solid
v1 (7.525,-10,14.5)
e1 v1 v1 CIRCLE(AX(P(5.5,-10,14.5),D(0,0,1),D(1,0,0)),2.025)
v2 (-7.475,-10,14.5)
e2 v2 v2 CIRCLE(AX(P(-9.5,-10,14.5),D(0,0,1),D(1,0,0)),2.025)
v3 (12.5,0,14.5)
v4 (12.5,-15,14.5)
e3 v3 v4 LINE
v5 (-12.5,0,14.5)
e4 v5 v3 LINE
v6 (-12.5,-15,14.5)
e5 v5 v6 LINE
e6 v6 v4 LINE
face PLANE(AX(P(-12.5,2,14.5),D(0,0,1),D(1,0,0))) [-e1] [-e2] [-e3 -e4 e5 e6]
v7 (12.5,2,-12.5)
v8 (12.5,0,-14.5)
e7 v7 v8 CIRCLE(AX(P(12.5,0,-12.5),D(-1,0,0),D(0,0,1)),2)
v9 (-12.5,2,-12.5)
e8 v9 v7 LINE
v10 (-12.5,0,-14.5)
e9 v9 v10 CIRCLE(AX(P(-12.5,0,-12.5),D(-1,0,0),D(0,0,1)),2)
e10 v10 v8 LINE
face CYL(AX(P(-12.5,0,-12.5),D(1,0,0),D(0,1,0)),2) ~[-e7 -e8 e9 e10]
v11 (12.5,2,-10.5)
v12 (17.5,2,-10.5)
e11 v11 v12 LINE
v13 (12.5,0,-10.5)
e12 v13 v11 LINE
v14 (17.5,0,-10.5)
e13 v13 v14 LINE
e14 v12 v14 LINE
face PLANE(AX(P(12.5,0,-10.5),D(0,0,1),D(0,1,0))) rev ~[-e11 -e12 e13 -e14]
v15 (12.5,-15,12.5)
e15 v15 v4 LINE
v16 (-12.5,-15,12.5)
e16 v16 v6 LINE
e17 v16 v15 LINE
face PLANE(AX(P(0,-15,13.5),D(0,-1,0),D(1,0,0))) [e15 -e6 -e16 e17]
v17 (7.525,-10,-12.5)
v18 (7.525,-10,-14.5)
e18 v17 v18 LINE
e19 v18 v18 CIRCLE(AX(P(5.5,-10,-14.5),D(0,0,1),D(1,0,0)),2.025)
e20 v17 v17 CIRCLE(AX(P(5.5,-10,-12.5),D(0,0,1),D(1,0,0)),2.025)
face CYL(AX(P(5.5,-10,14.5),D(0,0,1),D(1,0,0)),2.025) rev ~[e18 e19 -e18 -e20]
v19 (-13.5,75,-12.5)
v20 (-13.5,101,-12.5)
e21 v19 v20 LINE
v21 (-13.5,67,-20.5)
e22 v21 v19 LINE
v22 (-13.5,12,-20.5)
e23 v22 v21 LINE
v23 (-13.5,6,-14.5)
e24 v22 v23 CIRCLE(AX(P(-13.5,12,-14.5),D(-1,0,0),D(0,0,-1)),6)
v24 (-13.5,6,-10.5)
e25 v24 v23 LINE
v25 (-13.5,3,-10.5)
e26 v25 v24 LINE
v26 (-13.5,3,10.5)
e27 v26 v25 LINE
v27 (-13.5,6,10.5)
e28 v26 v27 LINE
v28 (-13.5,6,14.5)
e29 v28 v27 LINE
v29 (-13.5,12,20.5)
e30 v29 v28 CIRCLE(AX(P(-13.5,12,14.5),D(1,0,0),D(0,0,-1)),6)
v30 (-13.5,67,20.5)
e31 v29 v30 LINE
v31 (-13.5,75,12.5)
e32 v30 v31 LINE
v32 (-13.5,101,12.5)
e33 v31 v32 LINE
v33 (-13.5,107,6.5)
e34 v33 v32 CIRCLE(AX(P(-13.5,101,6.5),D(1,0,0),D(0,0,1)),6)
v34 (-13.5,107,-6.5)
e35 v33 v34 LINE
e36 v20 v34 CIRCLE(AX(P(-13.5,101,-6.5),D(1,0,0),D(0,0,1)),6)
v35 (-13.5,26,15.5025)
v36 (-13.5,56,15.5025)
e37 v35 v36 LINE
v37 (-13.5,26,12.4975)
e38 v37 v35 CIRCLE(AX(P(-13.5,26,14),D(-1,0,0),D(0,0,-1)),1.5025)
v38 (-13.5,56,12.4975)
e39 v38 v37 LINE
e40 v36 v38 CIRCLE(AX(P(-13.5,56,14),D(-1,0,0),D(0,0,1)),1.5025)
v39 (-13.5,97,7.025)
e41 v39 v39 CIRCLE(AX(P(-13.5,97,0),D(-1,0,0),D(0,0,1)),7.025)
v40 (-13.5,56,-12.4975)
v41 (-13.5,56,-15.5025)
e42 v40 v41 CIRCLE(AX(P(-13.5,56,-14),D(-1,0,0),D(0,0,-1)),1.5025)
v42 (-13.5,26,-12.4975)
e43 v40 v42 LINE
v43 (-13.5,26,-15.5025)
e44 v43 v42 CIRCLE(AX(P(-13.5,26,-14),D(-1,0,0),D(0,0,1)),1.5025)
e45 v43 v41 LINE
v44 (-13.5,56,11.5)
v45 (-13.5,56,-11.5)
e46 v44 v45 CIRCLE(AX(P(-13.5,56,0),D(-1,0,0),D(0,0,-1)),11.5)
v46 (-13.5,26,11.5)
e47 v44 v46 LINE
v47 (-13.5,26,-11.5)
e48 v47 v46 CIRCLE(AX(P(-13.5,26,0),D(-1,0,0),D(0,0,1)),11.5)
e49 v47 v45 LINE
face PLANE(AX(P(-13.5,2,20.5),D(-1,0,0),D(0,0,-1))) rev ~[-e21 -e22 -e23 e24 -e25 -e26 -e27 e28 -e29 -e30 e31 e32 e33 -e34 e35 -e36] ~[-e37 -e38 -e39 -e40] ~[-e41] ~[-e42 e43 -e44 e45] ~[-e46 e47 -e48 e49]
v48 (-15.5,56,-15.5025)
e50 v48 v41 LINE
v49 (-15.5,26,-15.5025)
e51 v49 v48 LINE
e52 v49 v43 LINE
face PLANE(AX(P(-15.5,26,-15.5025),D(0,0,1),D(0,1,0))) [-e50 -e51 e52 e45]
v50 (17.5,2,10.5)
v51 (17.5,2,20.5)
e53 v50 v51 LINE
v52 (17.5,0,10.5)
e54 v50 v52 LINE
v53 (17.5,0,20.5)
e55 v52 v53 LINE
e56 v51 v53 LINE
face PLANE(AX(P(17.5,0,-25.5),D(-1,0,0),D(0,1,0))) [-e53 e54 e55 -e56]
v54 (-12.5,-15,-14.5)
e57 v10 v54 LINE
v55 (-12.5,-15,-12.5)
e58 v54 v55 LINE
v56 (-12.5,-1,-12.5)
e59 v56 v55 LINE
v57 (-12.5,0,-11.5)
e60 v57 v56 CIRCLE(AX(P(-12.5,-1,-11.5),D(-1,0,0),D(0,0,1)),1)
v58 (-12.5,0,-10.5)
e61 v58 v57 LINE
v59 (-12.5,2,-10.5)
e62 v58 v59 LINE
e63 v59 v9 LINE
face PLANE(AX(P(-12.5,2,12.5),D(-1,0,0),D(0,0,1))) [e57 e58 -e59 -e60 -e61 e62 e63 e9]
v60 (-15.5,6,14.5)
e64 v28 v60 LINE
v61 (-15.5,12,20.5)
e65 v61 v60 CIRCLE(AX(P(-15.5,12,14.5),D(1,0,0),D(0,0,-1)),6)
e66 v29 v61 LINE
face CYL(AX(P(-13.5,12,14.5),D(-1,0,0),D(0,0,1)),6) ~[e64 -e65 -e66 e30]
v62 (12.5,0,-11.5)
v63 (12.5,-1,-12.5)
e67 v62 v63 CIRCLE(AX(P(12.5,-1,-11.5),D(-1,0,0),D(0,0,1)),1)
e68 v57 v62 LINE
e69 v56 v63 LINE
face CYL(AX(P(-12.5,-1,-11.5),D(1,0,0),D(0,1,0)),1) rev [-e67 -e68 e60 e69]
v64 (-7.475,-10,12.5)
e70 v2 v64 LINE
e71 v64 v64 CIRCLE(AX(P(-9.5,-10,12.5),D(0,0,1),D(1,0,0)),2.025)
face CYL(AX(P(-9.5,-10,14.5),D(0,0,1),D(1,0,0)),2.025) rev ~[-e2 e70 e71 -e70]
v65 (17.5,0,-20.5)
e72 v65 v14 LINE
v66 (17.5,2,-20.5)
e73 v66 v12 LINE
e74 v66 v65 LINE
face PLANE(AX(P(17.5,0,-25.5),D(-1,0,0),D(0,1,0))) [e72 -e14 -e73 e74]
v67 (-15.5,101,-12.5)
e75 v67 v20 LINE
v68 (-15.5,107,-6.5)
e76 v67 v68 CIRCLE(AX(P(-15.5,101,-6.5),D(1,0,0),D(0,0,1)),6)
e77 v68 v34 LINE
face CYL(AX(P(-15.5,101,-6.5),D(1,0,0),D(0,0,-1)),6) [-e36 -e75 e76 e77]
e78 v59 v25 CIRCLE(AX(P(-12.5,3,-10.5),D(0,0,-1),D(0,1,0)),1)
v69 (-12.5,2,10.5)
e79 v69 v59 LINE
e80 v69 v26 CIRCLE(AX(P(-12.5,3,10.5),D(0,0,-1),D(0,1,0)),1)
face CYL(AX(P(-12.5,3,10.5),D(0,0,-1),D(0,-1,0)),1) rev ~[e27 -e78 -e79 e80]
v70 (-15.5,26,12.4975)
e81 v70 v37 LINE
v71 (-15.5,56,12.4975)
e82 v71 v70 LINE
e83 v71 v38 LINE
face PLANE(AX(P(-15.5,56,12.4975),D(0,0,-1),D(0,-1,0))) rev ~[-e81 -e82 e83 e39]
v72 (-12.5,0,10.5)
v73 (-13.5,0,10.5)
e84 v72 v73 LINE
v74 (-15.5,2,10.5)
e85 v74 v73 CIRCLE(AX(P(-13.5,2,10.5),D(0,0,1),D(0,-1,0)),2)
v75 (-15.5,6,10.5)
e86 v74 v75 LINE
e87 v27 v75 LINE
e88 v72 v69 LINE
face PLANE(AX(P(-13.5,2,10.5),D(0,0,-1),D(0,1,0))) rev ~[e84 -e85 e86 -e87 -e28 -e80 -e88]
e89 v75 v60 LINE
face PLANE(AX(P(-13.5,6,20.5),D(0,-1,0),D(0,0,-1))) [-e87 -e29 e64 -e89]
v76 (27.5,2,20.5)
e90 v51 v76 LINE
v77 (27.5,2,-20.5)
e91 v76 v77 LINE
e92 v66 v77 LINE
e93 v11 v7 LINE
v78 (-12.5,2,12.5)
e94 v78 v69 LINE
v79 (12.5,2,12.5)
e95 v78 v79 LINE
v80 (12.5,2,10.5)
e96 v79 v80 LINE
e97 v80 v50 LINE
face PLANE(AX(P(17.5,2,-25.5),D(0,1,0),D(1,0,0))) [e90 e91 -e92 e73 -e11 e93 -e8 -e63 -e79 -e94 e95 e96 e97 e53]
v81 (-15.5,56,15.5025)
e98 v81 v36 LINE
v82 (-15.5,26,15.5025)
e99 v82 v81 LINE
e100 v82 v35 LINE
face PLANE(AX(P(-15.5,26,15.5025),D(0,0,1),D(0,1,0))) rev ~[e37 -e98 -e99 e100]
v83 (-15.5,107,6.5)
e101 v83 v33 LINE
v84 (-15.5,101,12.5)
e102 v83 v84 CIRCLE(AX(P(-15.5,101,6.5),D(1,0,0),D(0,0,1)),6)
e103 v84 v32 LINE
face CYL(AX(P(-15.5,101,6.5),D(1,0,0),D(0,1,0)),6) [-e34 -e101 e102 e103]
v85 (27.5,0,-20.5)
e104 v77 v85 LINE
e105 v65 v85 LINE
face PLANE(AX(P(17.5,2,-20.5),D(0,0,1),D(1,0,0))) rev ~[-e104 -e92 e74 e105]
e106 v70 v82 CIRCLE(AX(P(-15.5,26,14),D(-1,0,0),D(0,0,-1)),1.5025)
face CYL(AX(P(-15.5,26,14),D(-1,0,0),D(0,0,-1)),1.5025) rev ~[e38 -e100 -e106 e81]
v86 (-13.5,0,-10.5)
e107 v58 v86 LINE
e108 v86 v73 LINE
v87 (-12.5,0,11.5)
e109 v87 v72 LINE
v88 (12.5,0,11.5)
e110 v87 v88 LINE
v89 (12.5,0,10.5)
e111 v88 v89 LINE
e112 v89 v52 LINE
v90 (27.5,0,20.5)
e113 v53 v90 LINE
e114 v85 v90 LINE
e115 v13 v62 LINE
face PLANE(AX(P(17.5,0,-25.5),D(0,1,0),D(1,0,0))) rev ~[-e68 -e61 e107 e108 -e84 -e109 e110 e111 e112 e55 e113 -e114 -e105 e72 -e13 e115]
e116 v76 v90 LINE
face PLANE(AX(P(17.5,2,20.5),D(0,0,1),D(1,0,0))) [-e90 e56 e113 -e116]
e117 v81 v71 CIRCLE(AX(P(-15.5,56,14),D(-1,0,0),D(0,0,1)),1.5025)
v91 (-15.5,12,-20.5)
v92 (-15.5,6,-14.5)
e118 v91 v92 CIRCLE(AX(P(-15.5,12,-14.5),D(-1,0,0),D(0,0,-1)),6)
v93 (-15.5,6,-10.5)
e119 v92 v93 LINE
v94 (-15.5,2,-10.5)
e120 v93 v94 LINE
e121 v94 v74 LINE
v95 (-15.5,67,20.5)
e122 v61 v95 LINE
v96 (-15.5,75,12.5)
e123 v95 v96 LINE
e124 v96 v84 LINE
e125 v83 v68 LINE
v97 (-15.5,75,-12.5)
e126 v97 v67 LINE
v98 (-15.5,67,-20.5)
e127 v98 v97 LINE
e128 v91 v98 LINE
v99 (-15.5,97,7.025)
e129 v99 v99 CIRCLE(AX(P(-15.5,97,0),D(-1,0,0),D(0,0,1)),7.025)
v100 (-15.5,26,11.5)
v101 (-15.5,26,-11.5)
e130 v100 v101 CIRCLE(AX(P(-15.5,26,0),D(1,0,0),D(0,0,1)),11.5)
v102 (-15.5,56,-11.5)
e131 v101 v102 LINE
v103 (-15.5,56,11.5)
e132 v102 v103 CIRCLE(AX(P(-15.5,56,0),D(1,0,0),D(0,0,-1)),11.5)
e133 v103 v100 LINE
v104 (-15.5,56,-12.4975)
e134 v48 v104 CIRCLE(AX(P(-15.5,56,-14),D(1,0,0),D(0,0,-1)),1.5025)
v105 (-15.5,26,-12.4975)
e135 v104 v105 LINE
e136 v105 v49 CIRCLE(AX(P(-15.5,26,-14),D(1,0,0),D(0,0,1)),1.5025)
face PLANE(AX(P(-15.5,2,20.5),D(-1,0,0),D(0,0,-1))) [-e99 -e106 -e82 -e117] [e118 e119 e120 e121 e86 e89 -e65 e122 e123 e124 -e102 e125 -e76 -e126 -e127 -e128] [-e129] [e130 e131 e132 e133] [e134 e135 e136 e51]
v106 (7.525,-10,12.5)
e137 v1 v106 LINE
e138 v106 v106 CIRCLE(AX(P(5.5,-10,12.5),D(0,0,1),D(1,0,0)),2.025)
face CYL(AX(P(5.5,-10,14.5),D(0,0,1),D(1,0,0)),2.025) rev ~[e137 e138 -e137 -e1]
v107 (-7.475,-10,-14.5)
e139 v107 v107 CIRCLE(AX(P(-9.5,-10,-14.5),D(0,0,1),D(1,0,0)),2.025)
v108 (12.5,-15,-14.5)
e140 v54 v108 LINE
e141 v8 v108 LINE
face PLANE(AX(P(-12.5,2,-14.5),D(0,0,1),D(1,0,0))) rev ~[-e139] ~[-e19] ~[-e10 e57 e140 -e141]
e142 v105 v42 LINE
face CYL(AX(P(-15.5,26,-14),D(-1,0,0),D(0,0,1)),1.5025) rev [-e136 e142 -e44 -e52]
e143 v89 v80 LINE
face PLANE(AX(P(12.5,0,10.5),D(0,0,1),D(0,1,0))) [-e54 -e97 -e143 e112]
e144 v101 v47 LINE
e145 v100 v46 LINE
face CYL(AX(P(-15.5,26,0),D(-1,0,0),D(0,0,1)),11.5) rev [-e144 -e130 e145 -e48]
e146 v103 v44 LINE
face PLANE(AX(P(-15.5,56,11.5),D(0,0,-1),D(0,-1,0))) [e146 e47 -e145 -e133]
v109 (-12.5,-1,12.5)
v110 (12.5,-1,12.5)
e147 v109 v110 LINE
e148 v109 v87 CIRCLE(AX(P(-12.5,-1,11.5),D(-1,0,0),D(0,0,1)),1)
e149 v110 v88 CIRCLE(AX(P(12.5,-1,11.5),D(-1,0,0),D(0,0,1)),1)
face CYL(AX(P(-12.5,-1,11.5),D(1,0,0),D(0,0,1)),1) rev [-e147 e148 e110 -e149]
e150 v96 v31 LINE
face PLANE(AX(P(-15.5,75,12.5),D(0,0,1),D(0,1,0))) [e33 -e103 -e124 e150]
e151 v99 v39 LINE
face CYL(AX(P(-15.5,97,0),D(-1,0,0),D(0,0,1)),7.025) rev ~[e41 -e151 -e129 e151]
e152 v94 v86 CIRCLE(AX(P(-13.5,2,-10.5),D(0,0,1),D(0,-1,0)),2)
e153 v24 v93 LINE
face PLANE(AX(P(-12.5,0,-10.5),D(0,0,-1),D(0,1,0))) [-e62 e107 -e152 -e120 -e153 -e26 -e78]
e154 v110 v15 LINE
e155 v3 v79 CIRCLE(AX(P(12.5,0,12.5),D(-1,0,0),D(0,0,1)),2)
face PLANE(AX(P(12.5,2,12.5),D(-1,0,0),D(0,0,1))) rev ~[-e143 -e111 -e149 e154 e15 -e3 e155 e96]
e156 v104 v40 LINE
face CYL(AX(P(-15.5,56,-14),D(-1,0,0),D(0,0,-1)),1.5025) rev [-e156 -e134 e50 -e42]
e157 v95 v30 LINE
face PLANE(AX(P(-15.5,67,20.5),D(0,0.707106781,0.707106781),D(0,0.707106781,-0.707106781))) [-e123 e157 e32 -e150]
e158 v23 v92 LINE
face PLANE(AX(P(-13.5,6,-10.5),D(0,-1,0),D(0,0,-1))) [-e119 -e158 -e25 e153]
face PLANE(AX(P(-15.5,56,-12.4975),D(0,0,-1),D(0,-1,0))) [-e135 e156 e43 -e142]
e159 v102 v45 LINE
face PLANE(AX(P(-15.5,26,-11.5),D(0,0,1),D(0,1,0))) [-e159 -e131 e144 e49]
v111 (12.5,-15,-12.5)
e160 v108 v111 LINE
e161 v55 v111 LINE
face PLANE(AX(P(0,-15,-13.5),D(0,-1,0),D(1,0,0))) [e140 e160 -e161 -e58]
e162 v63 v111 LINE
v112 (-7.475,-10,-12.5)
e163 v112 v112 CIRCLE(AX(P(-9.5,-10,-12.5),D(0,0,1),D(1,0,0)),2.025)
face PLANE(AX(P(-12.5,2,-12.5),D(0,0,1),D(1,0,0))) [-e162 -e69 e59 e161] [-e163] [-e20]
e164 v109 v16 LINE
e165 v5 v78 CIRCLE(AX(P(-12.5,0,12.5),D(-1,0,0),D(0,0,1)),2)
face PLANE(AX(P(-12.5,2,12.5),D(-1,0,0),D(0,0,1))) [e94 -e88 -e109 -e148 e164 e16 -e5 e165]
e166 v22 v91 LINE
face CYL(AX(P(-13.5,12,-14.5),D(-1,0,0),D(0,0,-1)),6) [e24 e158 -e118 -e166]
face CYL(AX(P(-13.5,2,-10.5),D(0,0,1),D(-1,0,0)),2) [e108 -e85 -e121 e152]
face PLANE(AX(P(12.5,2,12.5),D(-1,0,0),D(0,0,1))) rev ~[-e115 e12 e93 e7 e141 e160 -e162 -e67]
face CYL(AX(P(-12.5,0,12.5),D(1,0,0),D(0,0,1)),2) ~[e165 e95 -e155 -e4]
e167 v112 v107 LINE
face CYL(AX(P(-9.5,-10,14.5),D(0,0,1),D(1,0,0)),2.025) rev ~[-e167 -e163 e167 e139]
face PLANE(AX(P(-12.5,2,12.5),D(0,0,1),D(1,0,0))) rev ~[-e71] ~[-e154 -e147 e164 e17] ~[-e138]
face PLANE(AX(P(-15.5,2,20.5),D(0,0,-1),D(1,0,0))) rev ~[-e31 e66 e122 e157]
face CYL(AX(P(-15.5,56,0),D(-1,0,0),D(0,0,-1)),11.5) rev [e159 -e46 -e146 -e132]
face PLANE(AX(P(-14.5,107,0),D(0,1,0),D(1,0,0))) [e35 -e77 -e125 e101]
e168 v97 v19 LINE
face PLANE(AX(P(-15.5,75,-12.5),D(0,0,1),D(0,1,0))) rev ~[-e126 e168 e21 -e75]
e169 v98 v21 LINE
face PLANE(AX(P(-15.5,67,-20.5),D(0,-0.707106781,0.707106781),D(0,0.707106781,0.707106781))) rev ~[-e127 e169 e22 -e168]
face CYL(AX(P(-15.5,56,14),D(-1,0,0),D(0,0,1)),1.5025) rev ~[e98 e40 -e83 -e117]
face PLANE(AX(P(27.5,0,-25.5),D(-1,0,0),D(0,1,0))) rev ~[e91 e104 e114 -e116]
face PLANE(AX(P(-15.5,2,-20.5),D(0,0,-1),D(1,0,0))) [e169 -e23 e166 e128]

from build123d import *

# Parameters (mm, degrees)
SKETCH1_W                = 25
SKETCH1_H                = 25
BOSS_EXTRUDE1_DEPTH      = 2
BOSS_EXTRUDE2_DEPTH      = 15
BOSS_EXTRUDE2_DEPTH_BACK = 2
SKETCH2_W                = 25
SKETCH2_H                = 2
SKETCH3_R                = 2.025
CUT_EXTRUDE1_DEPTH       = 35.960692213
FILLET1_R                = 2
FILLET2_R                = 1
SKETCH4_W                = 21
SKETCH4_H                = 2
BOSS_EXTRUDE3_DEPTH      = 3
SKETCH5_W                = 21
SKETCH5_H                = 2
BOSS_EXTRUDE4_DEPTH      = 15
BOSS_EXTRUDE5_DEPTH      = 15
BOSS_EXTRUDE5_DEPTH_BACK = 36
SKETCH6_W                = 10
SKETCH6_H                = 2
SKETCH7_W                = 2
SKETCH7_H                = 41
BOSS_EXTRUDE6_DEPTH      = 105
SKETCH8_W                = 10
SKETCH8_H                = 4
CUT_EXTRUDE2_DEPTH       = 118.389309564
FILLET3_R                = 1
FILLET4_R                = 2
CUT_EXTRUDE3_DEPTH       = 119.102709537
SKETCH12_R               = 7.025
CUT_EXTRUDE4_DEPTH       = 119.102709537
CUT_EXTRUDE5_DEPTH       = 119.102709537
FILLET7_R                = 6
FILLET8_R                = 6
SKETCH14_W               = 10
SKETCH14_H               = 5
CUT_EXTRUDE6_DEPTH       = 112.496636721


with BuildPart() as part:
    # Sketch1 → Boss-Extrude1 (new body)
    with BuildSketch(Plane(origin=(0, 0, 0), x_dir=(1, 0, 0), z_dir=(0, 1, 0))):
        Rectangle(SKETCH1_W, SKETCH1_H)
    extrude(amount=BOSS_EXTRUDE1_DEPTH)

    # Sketch2 → Boss-Extrude2 (add, two sides: drawn at the far end of the back side and taken through both)
    with BuildSketch(Plane.XZ.offset(-BOSS_EXTRUDE2_DEPTH_BACK)):
        with Locations((0, 13.5)):
            Rectangle(SKETCH2_W, SKETCH2_H)
        with Locations((0, -13.5)):
            Rectangle(SKETCH2_W, SKETCH2_H)
    extrude(amount=BOSS_EXTRUDE2_DEPTH + BOSS_EXTRUDE2_DEPTH_BACK)

    # Sketch3 → Cut-Extrude1 (cut, through all)
    with BuildSketch(Plane.XY.offset(14.5)):
        with Locations((-9.5, -10)):
            Circle(SKETCH3_R)
        with Locations((5.5, -10)):
            Circle(SKETCH3_R)
    extrude(amount=-CUT_EXTRUDE1_DEPTH, mode=Mode.SUBTRACT)

    # Fillet1
    fillet1_edges = [part.edges().sort_by_distance(p)[0] for p in [
        (0, 2, 14.5),
        (0, 2, -14.5),
    ]]
    fillet(fillet1_edges, radius=FILLET1_R)

    # Fillet2
    fillet2_edges = [part.edges().sort_by_distance(p)[0] for p in [
        (0, 0, 12.5),
        (0, 0, -12.5),
    ]]
    fillet(fillet2_edges, radius=FILLET2_R)

    # Sketch4 → Boss-Extrude3 (add)
    with BuildSketch(Plane.ZY.offset(12.5)):
        with Locations((0, 1)):
            Rectangle(SKETCH4_W, SKETCH4_H)
    extrude(amount=BOSS_EXTRUDE3_DEPTH)

    # Sketch5 → Boss-Extrude4 (add)
    with BuildSketch(Plane(origin=(12.5, 0, 0), x_dir=(0, 0, -1), z_dir=(1, 0, 0))):
        with Locations((0, 1)):
            Rectangle(SKETCH5_W, SKETCH5_H)
    extrude(amount=BOSS_EXTRUDE4_DEPTH)

    # Sketch6 → Boss-Extrude5 (add, two sides: drawn at the far end of the back side and taken through both)
    with BuildSketch(Plane.XY.offset(10.5).offset(-BOSS_EXTRUDE5_DEPTH_BACK)):
        with Locations((22.5, 1)):
            Rectangle(SKETCH6_W, SKETCH6_H)
    extrude(amount=BOSS_EXTRUDE5_DEPTH + BOSS_EXTRUDE5_DEPTH_BACK)

    # Sketch7 → Boss-Extrude6 (add)
    with BuildSketch(Plane(origin=(0, 2, 0), x_dir=(1, 0, 0), z_dir=(0, 1, 0))):
        with Locations((-14.5, 0)):
            Rectangle(SKETCH7_W, SKETCH7_H)
    extrude(amount=BOSS_EXTRUDE6_DEPTH)

    # Sketch8 → Cut-Extrude2 (cut, through all)
    with BuildSketch(Plane(origin=(-13.5, 0, 0), x_dir=(0, 0, -1), z_dir=(1, 0, 0))):
        with Locations((-15.5, 4)):
            Rectangle(SKETCH8_W, SKETCH8_H)
        with Locations((15.5, 4)):
            Rectangle(SKETCH8_W, SKETCH8_H)
    extrude(amount=-CUT_EXTRUDE2_DEPTH, mode=Mode.SUBTRACT)

    # Fillet3
    fillet3_edges = [part.edges().sort_by_distance(p)[0] for p in [
        (-13.5, 2, 0),
    ]]
    fillet(fillet3_edges, radius=FILLET3_R)

    # Fillet4
    fillet4_edges = [part.edges().sort_by_distance(p)[0] for p in [
        (-15.5, 0, 0),
    ]]
    fillet(fillet4_edges, radius=FILLET4_R)

    # Sketch10 → Cut-Extrude3 (cut, through all)
    with BuildSketch(Plane.ZY.offset(15.5)):
        with BuildLine():
            Line((11.5, 56), (11.5, 26))
            ThreePointArc((11.5, 26), (0, 14.5), (-11.5, 26))
            Line((-11.5, 26), (-11.5, 56))
            ThreePointArc((-11.5, 56), (0, 67.5), (11.5, 56))
        make_face()
        with BuildLine():
            Line((-12.4975, 56), (-12.4975, 26))
            ThreePointArc((-12.4975, 26), (-14, 24.4975), (-15.5025, 26))
            Line((-15.5025, 26), (-15.5025, 56))
            ThreePointArc((-15.5025, 56), (-14, 57.5025), (-12.4975, 56))
        make_face()
        with BuildLine():
            Line((12.4975, 56), (12.4975, 26))
            ThreePointArc((12.4975, 26), (14, 24.4975), (15.5025, 26))
            Line((15.5025, 26), (15.5025, 56))
            ThreePointArc((15.5025, 56), (14, 57.5025), (12.4975, 56))
        make_face()
    extrude(amount=-CUT_EXTRUDE3_DEPTH, mode=Mode.SUBTRACT)

    # Sketch12 → Cut-Extrude4 (cut, through all)
    with BuildSketch(Plane.ZY.offset(15.5)):
        with Locations((0, 97)):
            Circle(SKETCH12_R)
    extrude(amount=-CUT_EXTRUDE4_DEPTH, mode=Mode.SUBTRACT)

    # Sketch13 → Cut-Extrude5 (cut, through all)
    with BuildSketch(Plane.ZY.offset(15.5)):
        Polygon((-20.5, 107), (-20.5, 67), (-12.5, 75), (-12.5, 107), align=None)
        Polygon((12.5, 75), (12.5, 107), (20.5, 107), (20.5, 67), align=None)
    extrude(amount=-CUT_EXTRUDE5_DEPTH, mode=Mode.SUBTRACT)

    # Fillet7
    fillet7_edges = [part.edges().sort_by_distance(p)[0] for p in [
        (-14.5, 107, 12.5),
        (-14.5, 107, -12.5),
    ]]
    fillet(fillet7_edges, radius=FILLET7_R)

    # Fillet8
    fillet8_edges = [part.edges().sort_by_distance(p)[0] for p in [
        (-14.5, 6, 20.5),
        (-14.5, 6, -20.5),
    ]]
    fillet(fillet8_edges, radius=FILLET8_R)

    # Sketch14 → Cut-Extrude6 (cut, through all)
    with BuildSketch(Plane(origin=(0, 2, 0), x_dir=(1, 0, 0), z_dir=(0, 1, 0))):
        with Locations((22.5, 23)):
            Rectangle(SKETCH14_W, SKETCH14_H)
        with Locations((22.5, -23)):
            Rectangle(SKETCH14_W, SKETCH14_H)
    extrude(amount=-CUT_EXTRUDE6_DEPTH, mode=Mode.SUBTRACT)


solid = part.part
